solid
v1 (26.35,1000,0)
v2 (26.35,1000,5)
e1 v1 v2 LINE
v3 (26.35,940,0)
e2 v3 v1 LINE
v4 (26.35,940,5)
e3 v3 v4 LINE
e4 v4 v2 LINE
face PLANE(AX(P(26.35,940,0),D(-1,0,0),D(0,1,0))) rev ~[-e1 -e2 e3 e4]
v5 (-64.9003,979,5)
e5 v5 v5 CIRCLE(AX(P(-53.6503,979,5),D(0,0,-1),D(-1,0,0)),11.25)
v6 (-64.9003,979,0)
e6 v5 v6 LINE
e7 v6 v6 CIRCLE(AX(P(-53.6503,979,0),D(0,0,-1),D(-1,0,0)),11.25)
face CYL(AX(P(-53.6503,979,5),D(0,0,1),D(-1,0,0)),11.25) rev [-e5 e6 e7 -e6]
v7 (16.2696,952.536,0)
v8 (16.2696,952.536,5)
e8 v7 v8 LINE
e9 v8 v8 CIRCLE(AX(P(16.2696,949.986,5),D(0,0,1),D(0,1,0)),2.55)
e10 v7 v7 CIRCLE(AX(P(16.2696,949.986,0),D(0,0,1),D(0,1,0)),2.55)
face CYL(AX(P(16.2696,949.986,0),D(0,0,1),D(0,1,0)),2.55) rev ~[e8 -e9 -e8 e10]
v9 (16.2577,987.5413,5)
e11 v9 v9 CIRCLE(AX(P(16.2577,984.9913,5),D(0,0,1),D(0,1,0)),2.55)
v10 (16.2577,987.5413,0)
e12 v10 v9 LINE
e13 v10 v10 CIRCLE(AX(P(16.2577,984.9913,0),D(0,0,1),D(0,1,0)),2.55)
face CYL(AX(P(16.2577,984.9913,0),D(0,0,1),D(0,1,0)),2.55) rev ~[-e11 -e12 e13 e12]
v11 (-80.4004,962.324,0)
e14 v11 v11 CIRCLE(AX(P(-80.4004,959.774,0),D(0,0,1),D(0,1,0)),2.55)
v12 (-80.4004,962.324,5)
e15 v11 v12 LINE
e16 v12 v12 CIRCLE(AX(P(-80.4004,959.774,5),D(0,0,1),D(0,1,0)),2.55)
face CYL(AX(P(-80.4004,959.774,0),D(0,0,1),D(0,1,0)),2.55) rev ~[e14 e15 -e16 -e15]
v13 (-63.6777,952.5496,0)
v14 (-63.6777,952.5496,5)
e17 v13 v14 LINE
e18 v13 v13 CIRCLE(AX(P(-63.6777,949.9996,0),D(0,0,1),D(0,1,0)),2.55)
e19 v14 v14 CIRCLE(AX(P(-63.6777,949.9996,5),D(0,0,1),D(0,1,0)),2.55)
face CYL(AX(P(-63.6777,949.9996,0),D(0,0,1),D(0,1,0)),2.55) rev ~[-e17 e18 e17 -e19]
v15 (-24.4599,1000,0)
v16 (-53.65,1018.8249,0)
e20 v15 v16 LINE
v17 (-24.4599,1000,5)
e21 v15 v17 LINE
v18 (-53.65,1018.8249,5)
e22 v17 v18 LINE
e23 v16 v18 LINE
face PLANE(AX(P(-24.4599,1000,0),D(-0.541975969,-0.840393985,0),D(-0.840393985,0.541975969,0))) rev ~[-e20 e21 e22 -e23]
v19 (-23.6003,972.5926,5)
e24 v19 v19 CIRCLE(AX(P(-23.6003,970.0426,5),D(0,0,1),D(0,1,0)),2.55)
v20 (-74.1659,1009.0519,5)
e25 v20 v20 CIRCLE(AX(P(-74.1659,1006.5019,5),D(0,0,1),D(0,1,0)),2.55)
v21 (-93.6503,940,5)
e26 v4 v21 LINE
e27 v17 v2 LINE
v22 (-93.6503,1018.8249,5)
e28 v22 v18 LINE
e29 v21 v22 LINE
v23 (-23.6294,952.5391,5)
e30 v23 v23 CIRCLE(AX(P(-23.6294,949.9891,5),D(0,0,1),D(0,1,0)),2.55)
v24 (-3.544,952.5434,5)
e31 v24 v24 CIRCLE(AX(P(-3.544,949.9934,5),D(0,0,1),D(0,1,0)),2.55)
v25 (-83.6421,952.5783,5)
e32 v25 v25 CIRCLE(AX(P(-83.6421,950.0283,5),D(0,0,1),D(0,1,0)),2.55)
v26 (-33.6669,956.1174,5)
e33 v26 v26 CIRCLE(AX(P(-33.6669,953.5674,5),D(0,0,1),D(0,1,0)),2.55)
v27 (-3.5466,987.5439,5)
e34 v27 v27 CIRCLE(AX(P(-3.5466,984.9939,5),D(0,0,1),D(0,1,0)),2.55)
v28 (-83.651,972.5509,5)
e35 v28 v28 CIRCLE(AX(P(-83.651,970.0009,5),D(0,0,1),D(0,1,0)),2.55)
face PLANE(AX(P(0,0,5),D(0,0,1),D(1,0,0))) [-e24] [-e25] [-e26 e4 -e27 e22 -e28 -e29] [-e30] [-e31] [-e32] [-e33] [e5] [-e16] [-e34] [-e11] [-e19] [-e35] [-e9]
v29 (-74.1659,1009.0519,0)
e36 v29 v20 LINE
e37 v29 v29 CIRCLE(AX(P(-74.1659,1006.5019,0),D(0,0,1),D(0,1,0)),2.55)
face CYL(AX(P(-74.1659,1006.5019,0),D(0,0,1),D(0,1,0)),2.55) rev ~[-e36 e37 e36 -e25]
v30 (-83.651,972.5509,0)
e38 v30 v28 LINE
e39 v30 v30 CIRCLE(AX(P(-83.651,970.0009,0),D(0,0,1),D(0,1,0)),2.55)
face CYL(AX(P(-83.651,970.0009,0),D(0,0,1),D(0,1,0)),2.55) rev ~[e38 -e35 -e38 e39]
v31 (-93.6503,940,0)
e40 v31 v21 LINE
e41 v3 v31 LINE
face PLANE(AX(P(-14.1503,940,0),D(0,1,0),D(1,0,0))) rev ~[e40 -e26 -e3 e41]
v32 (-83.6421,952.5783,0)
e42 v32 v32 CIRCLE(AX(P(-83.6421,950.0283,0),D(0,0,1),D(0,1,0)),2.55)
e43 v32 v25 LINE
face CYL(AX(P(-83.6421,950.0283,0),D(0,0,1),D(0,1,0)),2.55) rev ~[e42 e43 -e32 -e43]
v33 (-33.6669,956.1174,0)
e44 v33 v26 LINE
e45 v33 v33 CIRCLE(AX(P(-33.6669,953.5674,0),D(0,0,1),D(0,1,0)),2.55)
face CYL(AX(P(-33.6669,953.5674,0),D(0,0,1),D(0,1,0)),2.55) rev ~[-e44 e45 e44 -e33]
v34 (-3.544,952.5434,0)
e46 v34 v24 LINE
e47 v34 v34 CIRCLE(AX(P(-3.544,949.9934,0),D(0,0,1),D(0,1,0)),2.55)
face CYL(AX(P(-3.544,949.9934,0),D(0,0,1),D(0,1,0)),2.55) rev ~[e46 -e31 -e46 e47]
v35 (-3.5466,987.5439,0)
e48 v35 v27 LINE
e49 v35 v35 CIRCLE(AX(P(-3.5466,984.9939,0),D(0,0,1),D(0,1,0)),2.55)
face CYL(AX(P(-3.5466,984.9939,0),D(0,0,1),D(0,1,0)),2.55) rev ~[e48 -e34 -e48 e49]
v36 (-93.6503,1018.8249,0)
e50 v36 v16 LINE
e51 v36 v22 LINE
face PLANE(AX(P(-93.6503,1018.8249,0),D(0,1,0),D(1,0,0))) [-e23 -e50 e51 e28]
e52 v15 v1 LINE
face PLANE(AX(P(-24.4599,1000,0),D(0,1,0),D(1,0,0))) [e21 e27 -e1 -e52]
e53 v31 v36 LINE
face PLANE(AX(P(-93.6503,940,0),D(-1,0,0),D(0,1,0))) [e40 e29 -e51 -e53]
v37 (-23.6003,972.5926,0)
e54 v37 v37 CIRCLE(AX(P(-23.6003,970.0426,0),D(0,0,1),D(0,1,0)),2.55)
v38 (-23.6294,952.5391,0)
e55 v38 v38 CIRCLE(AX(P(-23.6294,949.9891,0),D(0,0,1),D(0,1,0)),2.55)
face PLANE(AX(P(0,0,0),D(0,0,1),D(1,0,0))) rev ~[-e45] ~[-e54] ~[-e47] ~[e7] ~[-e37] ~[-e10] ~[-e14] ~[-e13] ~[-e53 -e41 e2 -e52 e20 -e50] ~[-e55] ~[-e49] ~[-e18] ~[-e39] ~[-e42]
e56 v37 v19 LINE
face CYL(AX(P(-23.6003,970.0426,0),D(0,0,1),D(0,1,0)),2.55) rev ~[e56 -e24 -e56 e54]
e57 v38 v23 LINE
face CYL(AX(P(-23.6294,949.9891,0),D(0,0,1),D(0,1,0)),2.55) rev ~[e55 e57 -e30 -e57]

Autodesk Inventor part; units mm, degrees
ref_plane "YZ Plane" through (0, 0, 0) normal (1, 0, 0) x (0, 1, 0)
ref_plane "XZ Plane" through (0, 0, 0) normal (0, 1, 0) x (-1, 0, 0)
ref_plane "Work Plane1" through (0, 0, 0) normal (0, 0, 1) x (1, 0, 0)
sketch "Sketch1" plane through (0, 0, 0) normal (0, 0, 1) x (1, 0, 0)
  circle A0 centre (-83.6503, 950) radius 2.1 projected
  circle A1 centre (-83.6503, 970) radius 2.1 projected
  circle A2 centre (-63.6503, 950) radius 2.1 projected
  circle A3 centre (-43.6503, 950) radius 2.1 projected
  circle A4 centre (-23.6503, 950) radius 2.1 projected
  circle A5 centre (-23.6503, 970) radius 2.1 projected
  line L0 (-3.55, 0) -> (-3.55, 1000) projected
  line L1 (16.25, 0) -> (16.25, 1000) projected
  line L2 (-58.7503, 960) -> (-48.5503, 960) projected
  line L3 (-73.6503, 979.5) -> (-73.6503, 974.8314) projected
  line L4 (-78.7503, 980) -> (-74.1503, 980) projected
  line L5 (-33.6503, 974.8314) -> (-33.6503, 979.5) projected
  line L6 (-33.1503, 980) -> (-28.5503, 980) projected
  line L7 (-33.6503, 960) -> (-33.6503, 965.1685) projected
  line L8 (-38.7503, 960) -> (-33.6503, 960) projected
  line L9 (-73.6503, 960) -> (-68.5503, 960) projected
  line L10 (-73.6503, 965.1685) -> (-73.6503, 960) projected
  line L11 (-93.1503, 980) -> (-88.5503, 980) projected
  line L12 (-93.6503, 974.8314) -> (-93.6503, 979.5) projected
  line L13 (-93.6503, 960.207) -> (-93.6386, 965.287) projected
  line L14 (-93.6503, 954.8314) -> (-93.6503, 959.793) projected
  line L15 (-93.6503, 940.5) -> (-93.6503, 945.1685) projected
  line L16 (-88.4817, 940) -> (-93.1503, 940) projected
  line L17 (-14.1503, 940) -> (-18.8188, 940) projected
  circle A6 centre (-3.55, 950) radius 2.55
  circle A7 centre (16.25, 950) radius 2.55
  line L18 (26.35, 0) -> (26.35, 1000) projected
  line L19 (-14.1503, 940) -> (26.35, 940)
  line L20 (-14.1503, 940) -> (-93.1503, 940)
  line L21 (-33.6503, 960) -> (-33.7332, 960)
  line L22 (-14.15, 1000) -> (26.35, 1000)
  line L23 (26.35, 940) -> (26.35, 1000)
  line L24 (-33.6503, 960) -> (-33.6503, 960.1732)
  line L25 (-93.1503, 940) -> (-93.6503, 940)
  line L26 (-93.6503, 940) -> (-93.6503, 980)
  line L27 (-93.6503, 980) -> (-93.1503, 980)
  line L28 (-93.6503, 950) -> (27.9251, 950) construction
  circle A8 centre (-3.55, 985) radius 2.55
  circle A9 centre (16.25, 985) radius 2.55
  circle A10 centre (-80.3911, 959.775) radius 2.5
  circle A11 centre (-74.1633, 1006.5119) radius 2.5
  circle A12 centre (-33.6542, 953.5473) radius 2.5
  line L29 (-85.3287, 955.7671) -> (-21.9733, 1004.2234) construction
  line L30 (-29.4228, 948.3176) -> (-77.6558, 1011.3809) construction
  line L31 (-24.4599, 1000) -> (-14.15, 1000)
  line L32 (-93.6503, 980) -> (-93.6503, 1018.8249)
  line L33 (-93.6503, 1018.8249) -> (-53.65, 1018.8249)
  line L34 (-24.4599, 1000) -> (-53.65, 1018.8249)
  line L35 (-53.6502, 925.444) -> (-53.6503, 1034.9111) construction
  line L36 (-107.7091, 987) -> (-12.8224, 987) construction
  line L37 (-76.4503, 980) -> (8.1353, 980) construction
  line L38 (-33.6542, 953.5473) -> (-80.3911, 959.775) construction
  circle A13 centre (-53.6503, 980) radius 11.05
  circle A14 centre (-83.6503, 970) radius 2.55
  circle A15 centre (-83.6503, 950) radius 2.55
  circle A16 centre (-23.6503, 950) radius 2.55
  circle A17 centre (-63.6503, 950) radius 2.55
  circle A18 centre (-23.6503, 970) radius 2.55
  point P0 (0, 0)
  point P1 (-53.65, 970.886)
  point P2 (-93.65, 979.5)
  point P3 (-93.65, 974.8315)
  point P4 (-93.65, 959.793)
  point P5 (-93.65, 954.8315)
  point P6 (-93.65, 945.1686)
  point P7 (-93.65, 940.5)
  point P8 (-88.4815, 940)
  point P9 (-18.8186, 940)
  point P10 (-88.4816, 940)
  dimension "d0" = 5.1
  dimension "d2" = 5.1
  dimension "d9" = 5.1
  dimension "d10" = 15
  dimension "d11" = 15
  dimension "d17" = 47.15
  dimension "d22" = 5
  dimension "d23" = 5
  dimension "d24" = 5
  dimension "d29" = 20
  dimension "d30" = 7
  dimension "d31" = 47.15
  dimension "d32" = 22.1
  dimension "d33" = 5.1
  dimension "d34" = 5.1
  dimension "d35" = 5.1
  dimension "d36" = 5.1
  dimension "d37" = 5.1
extrude "Extrusion1" add sketch "Sketch1" along normal blind 5 contours A0 | A1 | A2 | A3 | A4 | A5 | L19 L17 L20 L16 L25 L26 L15 L14 L12 L32 L33 L34 L31 L22 L0 A8 A6 | L0 A6 A8 L22 L1 A9 A7 L19 | A6 L0 | L0 A6 | L1 A7 A9 L22 L18 L19 | A7 L1 | L1 A7 | A8 L0 | L0 A8 | A9 L1 | L1 A9 | A10 | A11 | A12 | A13 | A14 | A15 | A16 | A17 | A18
sketch "Sketch6" plane through (0, 0, 0) normal (0, 0, -1) x (-1, 0, 0)
  point P0 (0, 0)
  point P1 (83.6421, 950.0283)
  point P2 (63.6777, 949.9996)
  point P3 (23.6294, 949.9891)
  point P4 (3.544, 949.9934)
  point P5 (-16.2696, 949.986)
  point P6 (-16.2577, 984.9913)
  point P7 (3.5466, 984.9939)
  point P8 (74.1659, 1006.5019)
  point P9 (83.651, 970.0009)
  point P10 (80.4004, 959.774)
  point P11 (33.6669, 953.5674)
  point P12 (23.6003, 970.0426)
hole "Hole3" at (-83.6421, 950.0283, 0) at (-63.6777, 949.9996, 0) at (-23.6294, 949.9891, 0) at (-3.544, 949.9934, 0) at (16.2696, 949.986, 0) at (16.2577, 984.9913, 0) at (-3.5466, 984.9939, 0) at (-74.1659, 1006.5019, 0) at (-83.651, 970.0009, 0) at (-80.4004, 959.774, 0) at (-33.6669, 953.5674, 0) at (-23.6003, 970.0426, 0) direction (0, 0, 1) diameter 5.1 end through all
sketch "Sketch7" plane through (0, 0, 5) normal (0, 0, -1) x (-1, 0, 0)
  circle A0 centre (53.6503, 979) radius 4 projected
  circle A1 centre (53.6503, 979) radius 11.25
  point P0 (0, 0)
  dimension "d59" = 22.5
extrude "Extrusion2" cut sketch "Sketch7" along normal blind 5 contours A0 | A1
properties part number "Y axis motor mount_3DPrint"
